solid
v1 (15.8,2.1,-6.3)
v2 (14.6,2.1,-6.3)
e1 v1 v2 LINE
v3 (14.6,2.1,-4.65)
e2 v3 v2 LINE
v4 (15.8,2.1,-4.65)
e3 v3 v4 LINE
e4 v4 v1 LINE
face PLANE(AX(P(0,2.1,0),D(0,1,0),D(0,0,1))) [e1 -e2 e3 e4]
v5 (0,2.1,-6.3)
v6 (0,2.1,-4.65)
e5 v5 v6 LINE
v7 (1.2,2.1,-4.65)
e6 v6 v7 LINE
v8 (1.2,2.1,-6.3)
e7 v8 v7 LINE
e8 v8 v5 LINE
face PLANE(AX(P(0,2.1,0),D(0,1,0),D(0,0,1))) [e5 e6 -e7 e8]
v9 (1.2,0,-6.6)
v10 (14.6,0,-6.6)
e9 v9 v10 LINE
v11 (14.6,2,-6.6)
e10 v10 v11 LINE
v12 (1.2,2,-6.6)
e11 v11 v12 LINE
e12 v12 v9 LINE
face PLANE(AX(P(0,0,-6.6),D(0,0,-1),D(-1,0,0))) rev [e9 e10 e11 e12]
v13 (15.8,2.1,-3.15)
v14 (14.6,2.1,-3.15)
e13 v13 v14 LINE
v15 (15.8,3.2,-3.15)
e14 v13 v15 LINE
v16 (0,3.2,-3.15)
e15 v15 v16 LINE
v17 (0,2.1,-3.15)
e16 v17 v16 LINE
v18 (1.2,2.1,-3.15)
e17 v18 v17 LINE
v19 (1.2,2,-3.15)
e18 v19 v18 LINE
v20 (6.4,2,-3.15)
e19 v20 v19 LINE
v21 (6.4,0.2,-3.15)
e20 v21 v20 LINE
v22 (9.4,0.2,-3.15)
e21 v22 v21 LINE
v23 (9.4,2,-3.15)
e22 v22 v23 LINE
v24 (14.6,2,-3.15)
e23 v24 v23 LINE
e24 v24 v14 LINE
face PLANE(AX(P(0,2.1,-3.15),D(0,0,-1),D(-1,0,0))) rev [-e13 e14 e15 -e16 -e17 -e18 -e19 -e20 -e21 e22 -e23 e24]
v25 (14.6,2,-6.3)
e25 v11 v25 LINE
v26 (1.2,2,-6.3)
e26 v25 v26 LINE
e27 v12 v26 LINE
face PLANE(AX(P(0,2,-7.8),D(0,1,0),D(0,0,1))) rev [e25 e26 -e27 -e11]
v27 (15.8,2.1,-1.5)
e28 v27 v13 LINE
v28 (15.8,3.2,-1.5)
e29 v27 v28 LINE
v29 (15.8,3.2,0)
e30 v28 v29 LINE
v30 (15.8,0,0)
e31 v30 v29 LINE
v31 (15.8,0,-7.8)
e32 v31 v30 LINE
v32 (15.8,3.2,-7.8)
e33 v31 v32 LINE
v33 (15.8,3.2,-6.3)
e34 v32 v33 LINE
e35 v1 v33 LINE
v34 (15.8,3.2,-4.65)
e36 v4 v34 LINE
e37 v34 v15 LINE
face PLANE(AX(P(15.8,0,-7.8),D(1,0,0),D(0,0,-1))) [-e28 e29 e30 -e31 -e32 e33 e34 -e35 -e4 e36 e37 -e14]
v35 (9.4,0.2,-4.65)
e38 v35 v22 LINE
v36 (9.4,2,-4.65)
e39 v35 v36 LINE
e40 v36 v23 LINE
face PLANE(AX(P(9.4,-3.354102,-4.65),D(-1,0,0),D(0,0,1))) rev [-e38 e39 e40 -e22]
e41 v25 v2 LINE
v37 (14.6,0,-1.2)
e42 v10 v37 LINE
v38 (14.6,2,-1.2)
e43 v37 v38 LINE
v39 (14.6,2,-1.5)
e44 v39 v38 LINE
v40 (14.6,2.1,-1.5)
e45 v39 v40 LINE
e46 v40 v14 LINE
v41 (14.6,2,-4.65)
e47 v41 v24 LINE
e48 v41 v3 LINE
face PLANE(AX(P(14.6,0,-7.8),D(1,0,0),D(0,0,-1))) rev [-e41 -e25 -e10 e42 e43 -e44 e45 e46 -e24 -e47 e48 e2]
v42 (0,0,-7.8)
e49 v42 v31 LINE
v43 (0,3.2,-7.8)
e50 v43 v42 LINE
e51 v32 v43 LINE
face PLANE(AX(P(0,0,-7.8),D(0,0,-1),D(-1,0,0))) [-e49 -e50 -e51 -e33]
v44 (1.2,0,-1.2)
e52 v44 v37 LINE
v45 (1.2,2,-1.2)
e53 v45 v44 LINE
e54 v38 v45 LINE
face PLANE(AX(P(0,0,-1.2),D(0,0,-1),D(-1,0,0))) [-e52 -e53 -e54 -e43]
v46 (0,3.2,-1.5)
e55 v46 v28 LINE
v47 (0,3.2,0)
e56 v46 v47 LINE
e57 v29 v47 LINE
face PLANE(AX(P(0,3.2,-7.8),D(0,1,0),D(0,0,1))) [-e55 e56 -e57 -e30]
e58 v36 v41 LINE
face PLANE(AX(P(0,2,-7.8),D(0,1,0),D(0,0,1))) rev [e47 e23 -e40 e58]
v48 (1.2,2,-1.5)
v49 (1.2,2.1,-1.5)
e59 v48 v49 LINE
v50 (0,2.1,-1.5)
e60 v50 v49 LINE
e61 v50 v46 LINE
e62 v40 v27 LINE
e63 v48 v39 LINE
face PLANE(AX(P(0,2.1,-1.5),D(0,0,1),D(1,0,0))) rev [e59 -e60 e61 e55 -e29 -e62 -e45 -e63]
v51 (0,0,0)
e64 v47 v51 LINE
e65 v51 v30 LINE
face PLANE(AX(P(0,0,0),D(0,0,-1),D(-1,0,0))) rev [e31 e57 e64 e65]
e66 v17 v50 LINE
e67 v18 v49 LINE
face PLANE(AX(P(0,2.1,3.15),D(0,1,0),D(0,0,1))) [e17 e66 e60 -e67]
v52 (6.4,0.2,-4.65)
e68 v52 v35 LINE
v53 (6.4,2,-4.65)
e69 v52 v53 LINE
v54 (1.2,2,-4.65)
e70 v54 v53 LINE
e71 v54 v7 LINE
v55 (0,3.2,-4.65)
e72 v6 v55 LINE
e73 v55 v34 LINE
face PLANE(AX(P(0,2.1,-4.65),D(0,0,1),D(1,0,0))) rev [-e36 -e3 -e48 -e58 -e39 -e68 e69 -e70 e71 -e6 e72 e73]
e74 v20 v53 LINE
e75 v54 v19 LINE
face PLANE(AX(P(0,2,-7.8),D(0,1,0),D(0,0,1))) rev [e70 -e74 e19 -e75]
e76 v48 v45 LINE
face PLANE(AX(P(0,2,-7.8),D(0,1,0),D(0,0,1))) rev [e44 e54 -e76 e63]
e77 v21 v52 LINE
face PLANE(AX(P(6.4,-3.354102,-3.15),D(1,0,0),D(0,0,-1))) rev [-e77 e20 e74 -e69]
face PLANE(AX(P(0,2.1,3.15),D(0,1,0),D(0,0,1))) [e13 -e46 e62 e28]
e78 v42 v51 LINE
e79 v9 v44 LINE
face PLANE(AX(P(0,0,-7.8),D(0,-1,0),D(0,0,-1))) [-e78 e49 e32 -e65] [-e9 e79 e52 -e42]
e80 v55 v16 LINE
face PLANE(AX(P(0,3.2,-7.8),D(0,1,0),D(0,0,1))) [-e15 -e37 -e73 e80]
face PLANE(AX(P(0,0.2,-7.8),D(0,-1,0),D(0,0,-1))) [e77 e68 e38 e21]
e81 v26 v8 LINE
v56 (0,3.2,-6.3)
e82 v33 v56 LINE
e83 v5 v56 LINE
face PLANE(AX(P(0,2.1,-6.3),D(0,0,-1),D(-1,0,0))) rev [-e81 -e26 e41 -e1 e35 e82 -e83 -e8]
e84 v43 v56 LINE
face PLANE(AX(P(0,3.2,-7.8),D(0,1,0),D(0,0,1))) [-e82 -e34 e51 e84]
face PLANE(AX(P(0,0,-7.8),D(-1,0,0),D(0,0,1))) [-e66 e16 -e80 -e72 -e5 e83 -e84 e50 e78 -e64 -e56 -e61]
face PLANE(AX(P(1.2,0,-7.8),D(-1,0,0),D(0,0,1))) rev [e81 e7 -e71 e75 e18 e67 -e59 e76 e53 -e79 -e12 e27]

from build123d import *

# Parameters (mm, degrees)
SKETCH1_W           = 15.8
SKETCH1_H           = 3.2
BOSS_EXTRUDE1_DEPTH = 7.8
SHELL1_T            = -1.2
SKETCH3_W           = 15.8
SKETCH3_H           = 1.65
CUT_EXTRUDE1_DEPTH  = 1.1
LPATTERN1_COUNT     = 2
LPATTERN1_PITCH     = 3.15
SKETCH5_W           = 13.4
SKETCH5_H           = 1.65
CUT_EXTRUDE2_DEPTH  = 18.74514018
LPATTERN2_COUNT     = 2
LPATTERN2_PITCH     = 3.15
SKETCH7_W           = 3
SKETCH7_H           = 1.5
BOSS_EXTRUDE2_DEPTH = 1.8


with BuildPart() as part:
    # Sketch1 → Boss-Extrude1 (new body)
    with BuildSketch(Plane.XY):
        with Locations((7.9, 1.6)):
            Rectangle(SKETCH1_W, SKETCH1_H)
    extrude(amount=-BOSS_EXTRUDE1_DEPTH)

    # Shell1
    shell1_openings = [part.faces().sort_by_distance(p)[0] for p in [
        (7.9, 0, -3.9),
    ]]
    offset(amount=SHELL1_T, openings=shell1_openings, kind=Kind.INTERSECTION)

    # Sketch3 → Cut-Extrude1 (cut)
    with BuildSketch(Plane(origin=(0, 3.2, 0), x_dir=(1, 0, 0), z_dir=(0, 1, 0))):
        with Locations((7.9, 5.475)):
            Rectangle(SKETCH3_W, SKETCH3_H)
    cut_extrude1 = extrude(amount=-CUT_EXTRUDE1_DEPTH, mode=Mode.SUBTRACT)

    # LPattern1: Cut-Extrude1 ×2
    with Locations(*[(0, 0, i * LPATTERN1_PITCH) for i in range(1, LPATTERN1_COUNT)]):
        add(cut_extrude1, mode=Mode.SUBTRACT)

    # Sketch5 → Cut-Extrude2 (cut, through all)
    with BuildSketch(Plane(origin=(0, 2.1, 0), x_dir=(1, 0, 0), z_dir=(0, 1, 0))):
        with Locations((7.9, 5.475)):
            Rectangle(SKETCH5_W, SKETCH5_H)
    cut_extrude2 = extrude(amount=-CUT_EXTRUDE2_DEPTH, mode=Mode.SUBTRACT)

    # LPattern2: Cut-Extrude2 ×2
    with Locations(*[(0, 0, i * LPATTERN2_PITCH) for i in range(1, LPATTERN2_COUNT)]):
        add(cut_extrude2, mode=Mode.SUBTRACT)

    # Sketch7 → Boss-Extrude2 (add)
    with BuildSketch(Plane.XZ.offset(-2)):
        with Locations((7.9, -3.9)):
            Rectangle(SKETCH7_W, SKETCH7_H)
    extrude(amount=BOSS_EXTRUDE2_DEPTH)


solid = part.part
